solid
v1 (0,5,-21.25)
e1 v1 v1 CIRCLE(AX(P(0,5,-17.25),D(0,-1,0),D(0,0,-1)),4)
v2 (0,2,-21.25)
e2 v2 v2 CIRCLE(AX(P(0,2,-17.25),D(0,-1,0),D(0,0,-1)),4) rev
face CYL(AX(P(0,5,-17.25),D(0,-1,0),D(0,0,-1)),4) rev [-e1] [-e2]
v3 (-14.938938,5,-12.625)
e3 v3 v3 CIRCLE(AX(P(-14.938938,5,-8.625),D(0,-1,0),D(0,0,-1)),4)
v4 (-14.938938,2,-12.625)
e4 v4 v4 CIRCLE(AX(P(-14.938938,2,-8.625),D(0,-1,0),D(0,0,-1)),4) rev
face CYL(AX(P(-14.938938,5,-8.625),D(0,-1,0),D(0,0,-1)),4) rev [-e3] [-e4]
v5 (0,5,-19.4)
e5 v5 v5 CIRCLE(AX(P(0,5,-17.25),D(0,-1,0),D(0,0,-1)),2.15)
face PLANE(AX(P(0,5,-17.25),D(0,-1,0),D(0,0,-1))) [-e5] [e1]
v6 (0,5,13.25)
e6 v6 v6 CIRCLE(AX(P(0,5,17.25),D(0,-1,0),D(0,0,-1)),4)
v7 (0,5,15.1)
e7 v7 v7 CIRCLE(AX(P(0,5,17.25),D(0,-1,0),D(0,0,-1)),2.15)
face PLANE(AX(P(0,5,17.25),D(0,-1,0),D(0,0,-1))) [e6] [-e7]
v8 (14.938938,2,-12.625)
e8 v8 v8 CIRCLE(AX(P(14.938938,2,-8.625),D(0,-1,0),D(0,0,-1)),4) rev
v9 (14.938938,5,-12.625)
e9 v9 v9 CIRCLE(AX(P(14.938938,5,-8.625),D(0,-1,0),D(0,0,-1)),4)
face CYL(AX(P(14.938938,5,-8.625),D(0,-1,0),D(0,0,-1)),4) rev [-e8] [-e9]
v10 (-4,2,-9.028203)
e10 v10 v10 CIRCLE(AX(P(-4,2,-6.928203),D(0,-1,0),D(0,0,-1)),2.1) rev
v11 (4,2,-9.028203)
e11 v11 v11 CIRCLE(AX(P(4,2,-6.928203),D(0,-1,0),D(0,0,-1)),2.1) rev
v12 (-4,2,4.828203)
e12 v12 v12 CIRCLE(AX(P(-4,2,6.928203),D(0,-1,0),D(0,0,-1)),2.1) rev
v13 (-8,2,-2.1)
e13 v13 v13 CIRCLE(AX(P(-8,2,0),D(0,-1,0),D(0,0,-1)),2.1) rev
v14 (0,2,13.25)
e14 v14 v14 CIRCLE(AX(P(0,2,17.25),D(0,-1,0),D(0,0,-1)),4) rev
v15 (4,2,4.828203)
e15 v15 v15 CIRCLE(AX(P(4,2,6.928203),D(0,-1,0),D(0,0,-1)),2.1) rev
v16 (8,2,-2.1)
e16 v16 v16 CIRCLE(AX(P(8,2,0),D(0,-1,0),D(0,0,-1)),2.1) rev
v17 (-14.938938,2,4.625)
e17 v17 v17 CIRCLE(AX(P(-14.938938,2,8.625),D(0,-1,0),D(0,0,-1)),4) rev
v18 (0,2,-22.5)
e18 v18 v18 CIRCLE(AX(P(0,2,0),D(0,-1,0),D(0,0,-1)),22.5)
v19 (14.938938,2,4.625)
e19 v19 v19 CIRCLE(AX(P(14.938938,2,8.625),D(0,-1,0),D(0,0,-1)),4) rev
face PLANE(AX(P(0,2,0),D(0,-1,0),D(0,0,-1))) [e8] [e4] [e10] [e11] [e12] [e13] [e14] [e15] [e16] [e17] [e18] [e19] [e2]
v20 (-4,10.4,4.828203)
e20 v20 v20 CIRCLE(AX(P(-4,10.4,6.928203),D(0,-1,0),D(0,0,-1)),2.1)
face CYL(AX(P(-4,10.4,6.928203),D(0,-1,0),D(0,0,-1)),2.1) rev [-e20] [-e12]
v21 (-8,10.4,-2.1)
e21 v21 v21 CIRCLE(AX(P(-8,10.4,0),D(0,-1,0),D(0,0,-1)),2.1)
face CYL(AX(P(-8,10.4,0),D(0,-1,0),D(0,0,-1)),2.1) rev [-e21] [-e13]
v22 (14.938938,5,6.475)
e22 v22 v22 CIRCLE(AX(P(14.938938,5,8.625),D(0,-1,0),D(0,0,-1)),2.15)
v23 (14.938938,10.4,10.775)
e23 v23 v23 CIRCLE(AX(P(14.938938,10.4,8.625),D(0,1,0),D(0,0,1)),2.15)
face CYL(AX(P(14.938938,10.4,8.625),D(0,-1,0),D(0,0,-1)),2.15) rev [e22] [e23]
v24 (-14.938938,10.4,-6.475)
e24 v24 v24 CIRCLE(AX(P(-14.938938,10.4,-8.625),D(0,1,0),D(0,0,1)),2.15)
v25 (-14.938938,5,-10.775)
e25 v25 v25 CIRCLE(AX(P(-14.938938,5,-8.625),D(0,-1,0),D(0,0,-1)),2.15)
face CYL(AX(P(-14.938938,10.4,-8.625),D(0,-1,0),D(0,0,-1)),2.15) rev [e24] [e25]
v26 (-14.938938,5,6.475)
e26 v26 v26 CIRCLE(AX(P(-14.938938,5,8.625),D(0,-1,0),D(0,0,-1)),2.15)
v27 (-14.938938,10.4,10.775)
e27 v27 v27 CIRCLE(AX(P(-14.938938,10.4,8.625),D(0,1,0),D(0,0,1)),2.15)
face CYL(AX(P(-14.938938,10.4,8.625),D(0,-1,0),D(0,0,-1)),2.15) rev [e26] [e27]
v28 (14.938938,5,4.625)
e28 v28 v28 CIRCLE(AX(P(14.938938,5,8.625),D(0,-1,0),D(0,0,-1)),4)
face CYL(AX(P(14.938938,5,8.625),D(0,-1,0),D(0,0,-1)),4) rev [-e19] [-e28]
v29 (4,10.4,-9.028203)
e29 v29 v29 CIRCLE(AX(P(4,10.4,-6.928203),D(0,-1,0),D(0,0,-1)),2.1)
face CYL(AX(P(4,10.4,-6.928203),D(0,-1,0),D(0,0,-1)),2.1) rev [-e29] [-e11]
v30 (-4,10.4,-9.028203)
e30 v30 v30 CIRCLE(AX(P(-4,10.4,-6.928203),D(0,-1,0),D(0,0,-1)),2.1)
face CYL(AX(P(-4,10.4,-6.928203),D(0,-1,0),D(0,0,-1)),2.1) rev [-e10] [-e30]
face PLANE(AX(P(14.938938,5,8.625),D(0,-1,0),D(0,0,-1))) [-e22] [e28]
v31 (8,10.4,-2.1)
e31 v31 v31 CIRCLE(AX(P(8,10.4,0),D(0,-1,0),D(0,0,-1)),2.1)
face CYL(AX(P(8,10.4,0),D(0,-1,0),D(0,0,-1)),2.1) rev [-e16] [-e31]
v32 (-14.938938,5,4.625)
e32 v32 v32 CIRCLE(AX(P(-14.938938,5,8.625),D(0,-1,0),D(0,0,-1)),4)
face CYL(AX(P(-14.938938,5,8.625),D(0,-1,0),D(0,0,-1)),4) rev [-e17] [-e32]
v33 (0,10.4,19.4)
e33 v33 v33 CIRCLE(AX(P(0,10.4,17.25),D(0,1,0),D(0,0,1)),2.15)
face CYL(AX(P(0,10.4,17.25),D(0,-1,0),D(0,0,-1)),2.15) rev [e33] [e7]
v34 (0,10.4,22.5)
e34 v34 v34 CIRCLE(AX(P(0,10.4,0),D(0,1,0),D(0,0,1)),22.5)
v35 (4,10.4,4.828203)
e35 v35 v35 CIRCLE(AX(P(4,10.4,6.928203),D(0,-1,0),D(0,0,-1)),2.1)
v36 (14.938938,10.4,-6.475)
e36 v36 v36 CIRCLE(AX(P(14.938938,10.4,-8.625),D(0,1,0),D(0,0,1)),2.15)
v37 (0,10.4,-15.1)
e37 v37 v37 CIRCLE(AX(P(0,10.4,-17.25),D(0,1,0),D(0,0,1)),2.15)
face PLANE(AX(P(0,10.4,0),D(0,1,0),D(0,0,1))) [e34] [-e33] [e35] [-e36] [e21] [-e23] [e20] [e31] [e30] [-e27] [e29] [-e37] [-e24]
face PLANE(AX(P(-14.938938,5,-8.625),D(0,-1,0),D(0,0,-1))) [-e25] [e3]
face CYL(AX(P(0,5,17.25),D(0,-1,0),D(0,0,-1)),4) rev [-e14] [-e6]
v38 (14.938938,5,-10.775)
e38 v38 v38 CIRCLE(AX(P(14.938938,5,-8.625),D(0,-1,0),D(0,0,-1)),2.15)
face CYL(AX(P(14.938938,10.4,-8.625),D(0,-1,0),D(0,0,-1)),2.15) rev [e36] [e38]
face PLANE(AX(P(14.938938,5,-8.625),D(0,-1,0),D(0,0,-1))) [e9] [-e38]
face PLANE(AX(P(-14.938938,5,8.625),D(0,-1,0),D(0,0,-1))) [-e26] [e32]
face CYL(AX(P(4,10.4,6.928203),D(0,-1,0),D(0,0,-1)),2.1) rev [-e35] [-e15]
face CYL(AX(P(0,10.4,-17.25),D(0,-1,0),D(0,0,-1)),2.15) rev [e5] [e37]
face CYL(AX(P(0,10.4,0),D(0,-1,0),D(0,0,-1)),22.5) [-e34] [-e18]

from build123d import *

# Parameters (mm, degrees)
SKETCH_1_R          = 22.5
SKETCH_1_R_2        = 2.15
EXTRUDE_1_DEPTH     = 10.4
SKETCH_3_R          = 4
SKETCH_3_R_2        = 2.15
CUT_EXTRUDE_1_DEPTH = 5
SKETCH_4_R          = 2.1
CUT_EXTRUDE_2_DEPTH = 34.476260245
SKETCH_6_R          = 22.5
CUT_EXTRUDE_3_DEPTH = 2


with BuildPart() as part:
    # 草图1 → 凸台-拉伸1 (new body)
    with BuildSketch(Plane(origin=(0, 0, 0), x_dir=(1, 0, 0), z_dir=(0, 1, 0))):
        with Locations(Location((0, 0, 0), (0, 0, 270))):
            Circle(SKETCH_1_R)
        with Locations(Location((0, 17.25, 0), (0, 0, 270))):
            Circle(SKETCH_1_R_2, mode=Mode.SUBTRACT)
        with Locations(Location((14.938938215, 8.625, 0), (0, 0, 270))):
            Circle(SKETCH_1_R_2, mode=Mode.SUBTRACT)
        with Locations(Location((14.938938215, -8.625, 0), (0, 0, 270))):
            Circle(SKETCH_1_R_2, mode=Mode.SUBTRACT)
        with Locations(Location((0, -17.25, 0), (0, 0, 270))):
            Circle(SKETCH_1_R_2, mode=Mode.SUBTRACT)
        with Locations(Location((-14.938938215, -8.625, 0), (0, 0, 270))):
            Circle(SKETCH_1_R_2, mode=Mode.SUBTRACT)
        with Locations(Location((-14.938938215, 8.625, 0), (0, 0, 270))):
            Circle(SKETCH_1_R_2, mode=Mode.SUBTRACT)
    extrude(amount=EXTRUDE_1_DEPTH)

    # 草图3 → 切除-拉伸1 (cut)
    # profile 1 of 6: a face of its own
    with BuildSketch(Plane.XZ):
        with Locations(Location((0, 17.25, 0), (0, 0, 270))):
            Circle(SKETCH_3_R)
        with Locations(Location((0, 17.25, 0), (0, 0, 270))):
            Circle(SKETCH_3_R_2, mode=Mode.SUBTRACT)
    # profile 2 of 6: a face of its own
    with BuildSketch(Plane.XZ):
        with Locations(Location((14.938938215, 8.625, 0), (0, 0, 270))):
            Circle(SKETCH_3_R)
        with Locations(Location((14.938938215, 8.625, 0), (0, 0, 270))):
            Circle(SKETCH_3_R_2, mode=Mode.SUBTRACT)
    # profile 3 of 6: a face of its own
    with BuildSketch(Plane.XZ):
        with Locations(Location((14.938938215, -8.625, 0), (0, 0, 270))):
            Circle(SKETCH_3_R)
        with Locations(Location((14.938938215, -8.625, 0), (0, 0, 270))):
            Circle(SKETCH_3_R_2, mode=Mode.SUBTRACT)
    # profile 4 of 6: a face of its own
    with BuildSketch(Plane.XZ):
        with Locations(Location((0, -17.25, 0), (0, 0, 270))):
            Circle(SKETCH_3_R)
        with Locations(Location((0, -17.25, 0), (0, 0, 270))):
            Circle(SKETCH_3_R_2, mode=Mode.SUBTRACT)
    # profile 5 of 6: a face of its own
    with BuildSketch(Plane.XZ):
        with Locations(Location((-14.938938215, -8.625, 0), (0, 0, 270))):
            Circle(SKETCH_3_R)
        with Locations(Location((-14.938938215, -8.625, 0), (0, 0, 270))):
            Circle(SKETCH_3_R_2, mode=Mode.SUBTRACT)
    # profile 6 of 6: a face of its own
    with BuildSketch(Plane.XZ):
        with Locations(Location((-14.938938215, 8.625, 0), (0, 0, 270))):
            Circle(SKETCH_3_R)
        with Locations(Location((-14.938938215, 8.625, 0), (0, 0, 270))):
            Circle(SKETCH_3_R_2, mode=Mode.SUBTRACT)
    extrude(amount=-CUT_EXTRUDE_1_DEPTH, mode=Mode.SUBTRACT)

    # 草图4 → 切除-拉伸2 (cut, through all)
    with BuildSketch(Plane.XZ):
        with BuildLine():
            ThreePointArc((5.05, 8.746856578), (2.181346652, 7.97820323), (2.95, 5.109549882))
            Line((2.95, 5.109549882), (5.05, 8.746856578))
        make_face()
        with BuildLine():
            Line((5.05, 8.746856578), (2.95, 5.109549882))
            ThreePointArc((2.95, 5.109549882), (5.05, 5.109549882), (6.1, 6.92820323))
            ThreePointArc((6.1, 6.92820323), (5.818653348, 7.97820323), (5.05, 8.746856578))
        make_face()
        with Locations(Location((8, 0, 0), (0, 0, 270))):
            Circle(SKETCH_4_R)
        with Locations(Location((-4, 6.92820323, 0), (0, 0, 270))):
            Circle(SKETCH_4_R)
        with Locations(Location((-8, 0, 0), (0, 0, 270))):
            Circle(SKETCH_4_R)
        with Locations(Location((-4, -6.92820323, 0), (0, 0, 270))):
            Circle(SKETCH_4_R)
        with Locations(Location((4, -6.92820323, 0), (0, 0, 270))):
            Circle(SKETCH_4_R)
    extrude(amount=-CUT_EXTRUDE_2_DEPTH, mode=Mode.SUBTRACT)

    # 草图6 → 切除-拉伸3 (cut)
    with BuildSketch(Plane.XZ):
        with Locations(Location((0, 0, 0), (0, 0, 270))):
            Circle(SKETCH_6_R)
    extrude(amount=-CUT_EXTRUDE_3_DEPTH, mode=Mode.SUBTRACT)


solid = part.part
